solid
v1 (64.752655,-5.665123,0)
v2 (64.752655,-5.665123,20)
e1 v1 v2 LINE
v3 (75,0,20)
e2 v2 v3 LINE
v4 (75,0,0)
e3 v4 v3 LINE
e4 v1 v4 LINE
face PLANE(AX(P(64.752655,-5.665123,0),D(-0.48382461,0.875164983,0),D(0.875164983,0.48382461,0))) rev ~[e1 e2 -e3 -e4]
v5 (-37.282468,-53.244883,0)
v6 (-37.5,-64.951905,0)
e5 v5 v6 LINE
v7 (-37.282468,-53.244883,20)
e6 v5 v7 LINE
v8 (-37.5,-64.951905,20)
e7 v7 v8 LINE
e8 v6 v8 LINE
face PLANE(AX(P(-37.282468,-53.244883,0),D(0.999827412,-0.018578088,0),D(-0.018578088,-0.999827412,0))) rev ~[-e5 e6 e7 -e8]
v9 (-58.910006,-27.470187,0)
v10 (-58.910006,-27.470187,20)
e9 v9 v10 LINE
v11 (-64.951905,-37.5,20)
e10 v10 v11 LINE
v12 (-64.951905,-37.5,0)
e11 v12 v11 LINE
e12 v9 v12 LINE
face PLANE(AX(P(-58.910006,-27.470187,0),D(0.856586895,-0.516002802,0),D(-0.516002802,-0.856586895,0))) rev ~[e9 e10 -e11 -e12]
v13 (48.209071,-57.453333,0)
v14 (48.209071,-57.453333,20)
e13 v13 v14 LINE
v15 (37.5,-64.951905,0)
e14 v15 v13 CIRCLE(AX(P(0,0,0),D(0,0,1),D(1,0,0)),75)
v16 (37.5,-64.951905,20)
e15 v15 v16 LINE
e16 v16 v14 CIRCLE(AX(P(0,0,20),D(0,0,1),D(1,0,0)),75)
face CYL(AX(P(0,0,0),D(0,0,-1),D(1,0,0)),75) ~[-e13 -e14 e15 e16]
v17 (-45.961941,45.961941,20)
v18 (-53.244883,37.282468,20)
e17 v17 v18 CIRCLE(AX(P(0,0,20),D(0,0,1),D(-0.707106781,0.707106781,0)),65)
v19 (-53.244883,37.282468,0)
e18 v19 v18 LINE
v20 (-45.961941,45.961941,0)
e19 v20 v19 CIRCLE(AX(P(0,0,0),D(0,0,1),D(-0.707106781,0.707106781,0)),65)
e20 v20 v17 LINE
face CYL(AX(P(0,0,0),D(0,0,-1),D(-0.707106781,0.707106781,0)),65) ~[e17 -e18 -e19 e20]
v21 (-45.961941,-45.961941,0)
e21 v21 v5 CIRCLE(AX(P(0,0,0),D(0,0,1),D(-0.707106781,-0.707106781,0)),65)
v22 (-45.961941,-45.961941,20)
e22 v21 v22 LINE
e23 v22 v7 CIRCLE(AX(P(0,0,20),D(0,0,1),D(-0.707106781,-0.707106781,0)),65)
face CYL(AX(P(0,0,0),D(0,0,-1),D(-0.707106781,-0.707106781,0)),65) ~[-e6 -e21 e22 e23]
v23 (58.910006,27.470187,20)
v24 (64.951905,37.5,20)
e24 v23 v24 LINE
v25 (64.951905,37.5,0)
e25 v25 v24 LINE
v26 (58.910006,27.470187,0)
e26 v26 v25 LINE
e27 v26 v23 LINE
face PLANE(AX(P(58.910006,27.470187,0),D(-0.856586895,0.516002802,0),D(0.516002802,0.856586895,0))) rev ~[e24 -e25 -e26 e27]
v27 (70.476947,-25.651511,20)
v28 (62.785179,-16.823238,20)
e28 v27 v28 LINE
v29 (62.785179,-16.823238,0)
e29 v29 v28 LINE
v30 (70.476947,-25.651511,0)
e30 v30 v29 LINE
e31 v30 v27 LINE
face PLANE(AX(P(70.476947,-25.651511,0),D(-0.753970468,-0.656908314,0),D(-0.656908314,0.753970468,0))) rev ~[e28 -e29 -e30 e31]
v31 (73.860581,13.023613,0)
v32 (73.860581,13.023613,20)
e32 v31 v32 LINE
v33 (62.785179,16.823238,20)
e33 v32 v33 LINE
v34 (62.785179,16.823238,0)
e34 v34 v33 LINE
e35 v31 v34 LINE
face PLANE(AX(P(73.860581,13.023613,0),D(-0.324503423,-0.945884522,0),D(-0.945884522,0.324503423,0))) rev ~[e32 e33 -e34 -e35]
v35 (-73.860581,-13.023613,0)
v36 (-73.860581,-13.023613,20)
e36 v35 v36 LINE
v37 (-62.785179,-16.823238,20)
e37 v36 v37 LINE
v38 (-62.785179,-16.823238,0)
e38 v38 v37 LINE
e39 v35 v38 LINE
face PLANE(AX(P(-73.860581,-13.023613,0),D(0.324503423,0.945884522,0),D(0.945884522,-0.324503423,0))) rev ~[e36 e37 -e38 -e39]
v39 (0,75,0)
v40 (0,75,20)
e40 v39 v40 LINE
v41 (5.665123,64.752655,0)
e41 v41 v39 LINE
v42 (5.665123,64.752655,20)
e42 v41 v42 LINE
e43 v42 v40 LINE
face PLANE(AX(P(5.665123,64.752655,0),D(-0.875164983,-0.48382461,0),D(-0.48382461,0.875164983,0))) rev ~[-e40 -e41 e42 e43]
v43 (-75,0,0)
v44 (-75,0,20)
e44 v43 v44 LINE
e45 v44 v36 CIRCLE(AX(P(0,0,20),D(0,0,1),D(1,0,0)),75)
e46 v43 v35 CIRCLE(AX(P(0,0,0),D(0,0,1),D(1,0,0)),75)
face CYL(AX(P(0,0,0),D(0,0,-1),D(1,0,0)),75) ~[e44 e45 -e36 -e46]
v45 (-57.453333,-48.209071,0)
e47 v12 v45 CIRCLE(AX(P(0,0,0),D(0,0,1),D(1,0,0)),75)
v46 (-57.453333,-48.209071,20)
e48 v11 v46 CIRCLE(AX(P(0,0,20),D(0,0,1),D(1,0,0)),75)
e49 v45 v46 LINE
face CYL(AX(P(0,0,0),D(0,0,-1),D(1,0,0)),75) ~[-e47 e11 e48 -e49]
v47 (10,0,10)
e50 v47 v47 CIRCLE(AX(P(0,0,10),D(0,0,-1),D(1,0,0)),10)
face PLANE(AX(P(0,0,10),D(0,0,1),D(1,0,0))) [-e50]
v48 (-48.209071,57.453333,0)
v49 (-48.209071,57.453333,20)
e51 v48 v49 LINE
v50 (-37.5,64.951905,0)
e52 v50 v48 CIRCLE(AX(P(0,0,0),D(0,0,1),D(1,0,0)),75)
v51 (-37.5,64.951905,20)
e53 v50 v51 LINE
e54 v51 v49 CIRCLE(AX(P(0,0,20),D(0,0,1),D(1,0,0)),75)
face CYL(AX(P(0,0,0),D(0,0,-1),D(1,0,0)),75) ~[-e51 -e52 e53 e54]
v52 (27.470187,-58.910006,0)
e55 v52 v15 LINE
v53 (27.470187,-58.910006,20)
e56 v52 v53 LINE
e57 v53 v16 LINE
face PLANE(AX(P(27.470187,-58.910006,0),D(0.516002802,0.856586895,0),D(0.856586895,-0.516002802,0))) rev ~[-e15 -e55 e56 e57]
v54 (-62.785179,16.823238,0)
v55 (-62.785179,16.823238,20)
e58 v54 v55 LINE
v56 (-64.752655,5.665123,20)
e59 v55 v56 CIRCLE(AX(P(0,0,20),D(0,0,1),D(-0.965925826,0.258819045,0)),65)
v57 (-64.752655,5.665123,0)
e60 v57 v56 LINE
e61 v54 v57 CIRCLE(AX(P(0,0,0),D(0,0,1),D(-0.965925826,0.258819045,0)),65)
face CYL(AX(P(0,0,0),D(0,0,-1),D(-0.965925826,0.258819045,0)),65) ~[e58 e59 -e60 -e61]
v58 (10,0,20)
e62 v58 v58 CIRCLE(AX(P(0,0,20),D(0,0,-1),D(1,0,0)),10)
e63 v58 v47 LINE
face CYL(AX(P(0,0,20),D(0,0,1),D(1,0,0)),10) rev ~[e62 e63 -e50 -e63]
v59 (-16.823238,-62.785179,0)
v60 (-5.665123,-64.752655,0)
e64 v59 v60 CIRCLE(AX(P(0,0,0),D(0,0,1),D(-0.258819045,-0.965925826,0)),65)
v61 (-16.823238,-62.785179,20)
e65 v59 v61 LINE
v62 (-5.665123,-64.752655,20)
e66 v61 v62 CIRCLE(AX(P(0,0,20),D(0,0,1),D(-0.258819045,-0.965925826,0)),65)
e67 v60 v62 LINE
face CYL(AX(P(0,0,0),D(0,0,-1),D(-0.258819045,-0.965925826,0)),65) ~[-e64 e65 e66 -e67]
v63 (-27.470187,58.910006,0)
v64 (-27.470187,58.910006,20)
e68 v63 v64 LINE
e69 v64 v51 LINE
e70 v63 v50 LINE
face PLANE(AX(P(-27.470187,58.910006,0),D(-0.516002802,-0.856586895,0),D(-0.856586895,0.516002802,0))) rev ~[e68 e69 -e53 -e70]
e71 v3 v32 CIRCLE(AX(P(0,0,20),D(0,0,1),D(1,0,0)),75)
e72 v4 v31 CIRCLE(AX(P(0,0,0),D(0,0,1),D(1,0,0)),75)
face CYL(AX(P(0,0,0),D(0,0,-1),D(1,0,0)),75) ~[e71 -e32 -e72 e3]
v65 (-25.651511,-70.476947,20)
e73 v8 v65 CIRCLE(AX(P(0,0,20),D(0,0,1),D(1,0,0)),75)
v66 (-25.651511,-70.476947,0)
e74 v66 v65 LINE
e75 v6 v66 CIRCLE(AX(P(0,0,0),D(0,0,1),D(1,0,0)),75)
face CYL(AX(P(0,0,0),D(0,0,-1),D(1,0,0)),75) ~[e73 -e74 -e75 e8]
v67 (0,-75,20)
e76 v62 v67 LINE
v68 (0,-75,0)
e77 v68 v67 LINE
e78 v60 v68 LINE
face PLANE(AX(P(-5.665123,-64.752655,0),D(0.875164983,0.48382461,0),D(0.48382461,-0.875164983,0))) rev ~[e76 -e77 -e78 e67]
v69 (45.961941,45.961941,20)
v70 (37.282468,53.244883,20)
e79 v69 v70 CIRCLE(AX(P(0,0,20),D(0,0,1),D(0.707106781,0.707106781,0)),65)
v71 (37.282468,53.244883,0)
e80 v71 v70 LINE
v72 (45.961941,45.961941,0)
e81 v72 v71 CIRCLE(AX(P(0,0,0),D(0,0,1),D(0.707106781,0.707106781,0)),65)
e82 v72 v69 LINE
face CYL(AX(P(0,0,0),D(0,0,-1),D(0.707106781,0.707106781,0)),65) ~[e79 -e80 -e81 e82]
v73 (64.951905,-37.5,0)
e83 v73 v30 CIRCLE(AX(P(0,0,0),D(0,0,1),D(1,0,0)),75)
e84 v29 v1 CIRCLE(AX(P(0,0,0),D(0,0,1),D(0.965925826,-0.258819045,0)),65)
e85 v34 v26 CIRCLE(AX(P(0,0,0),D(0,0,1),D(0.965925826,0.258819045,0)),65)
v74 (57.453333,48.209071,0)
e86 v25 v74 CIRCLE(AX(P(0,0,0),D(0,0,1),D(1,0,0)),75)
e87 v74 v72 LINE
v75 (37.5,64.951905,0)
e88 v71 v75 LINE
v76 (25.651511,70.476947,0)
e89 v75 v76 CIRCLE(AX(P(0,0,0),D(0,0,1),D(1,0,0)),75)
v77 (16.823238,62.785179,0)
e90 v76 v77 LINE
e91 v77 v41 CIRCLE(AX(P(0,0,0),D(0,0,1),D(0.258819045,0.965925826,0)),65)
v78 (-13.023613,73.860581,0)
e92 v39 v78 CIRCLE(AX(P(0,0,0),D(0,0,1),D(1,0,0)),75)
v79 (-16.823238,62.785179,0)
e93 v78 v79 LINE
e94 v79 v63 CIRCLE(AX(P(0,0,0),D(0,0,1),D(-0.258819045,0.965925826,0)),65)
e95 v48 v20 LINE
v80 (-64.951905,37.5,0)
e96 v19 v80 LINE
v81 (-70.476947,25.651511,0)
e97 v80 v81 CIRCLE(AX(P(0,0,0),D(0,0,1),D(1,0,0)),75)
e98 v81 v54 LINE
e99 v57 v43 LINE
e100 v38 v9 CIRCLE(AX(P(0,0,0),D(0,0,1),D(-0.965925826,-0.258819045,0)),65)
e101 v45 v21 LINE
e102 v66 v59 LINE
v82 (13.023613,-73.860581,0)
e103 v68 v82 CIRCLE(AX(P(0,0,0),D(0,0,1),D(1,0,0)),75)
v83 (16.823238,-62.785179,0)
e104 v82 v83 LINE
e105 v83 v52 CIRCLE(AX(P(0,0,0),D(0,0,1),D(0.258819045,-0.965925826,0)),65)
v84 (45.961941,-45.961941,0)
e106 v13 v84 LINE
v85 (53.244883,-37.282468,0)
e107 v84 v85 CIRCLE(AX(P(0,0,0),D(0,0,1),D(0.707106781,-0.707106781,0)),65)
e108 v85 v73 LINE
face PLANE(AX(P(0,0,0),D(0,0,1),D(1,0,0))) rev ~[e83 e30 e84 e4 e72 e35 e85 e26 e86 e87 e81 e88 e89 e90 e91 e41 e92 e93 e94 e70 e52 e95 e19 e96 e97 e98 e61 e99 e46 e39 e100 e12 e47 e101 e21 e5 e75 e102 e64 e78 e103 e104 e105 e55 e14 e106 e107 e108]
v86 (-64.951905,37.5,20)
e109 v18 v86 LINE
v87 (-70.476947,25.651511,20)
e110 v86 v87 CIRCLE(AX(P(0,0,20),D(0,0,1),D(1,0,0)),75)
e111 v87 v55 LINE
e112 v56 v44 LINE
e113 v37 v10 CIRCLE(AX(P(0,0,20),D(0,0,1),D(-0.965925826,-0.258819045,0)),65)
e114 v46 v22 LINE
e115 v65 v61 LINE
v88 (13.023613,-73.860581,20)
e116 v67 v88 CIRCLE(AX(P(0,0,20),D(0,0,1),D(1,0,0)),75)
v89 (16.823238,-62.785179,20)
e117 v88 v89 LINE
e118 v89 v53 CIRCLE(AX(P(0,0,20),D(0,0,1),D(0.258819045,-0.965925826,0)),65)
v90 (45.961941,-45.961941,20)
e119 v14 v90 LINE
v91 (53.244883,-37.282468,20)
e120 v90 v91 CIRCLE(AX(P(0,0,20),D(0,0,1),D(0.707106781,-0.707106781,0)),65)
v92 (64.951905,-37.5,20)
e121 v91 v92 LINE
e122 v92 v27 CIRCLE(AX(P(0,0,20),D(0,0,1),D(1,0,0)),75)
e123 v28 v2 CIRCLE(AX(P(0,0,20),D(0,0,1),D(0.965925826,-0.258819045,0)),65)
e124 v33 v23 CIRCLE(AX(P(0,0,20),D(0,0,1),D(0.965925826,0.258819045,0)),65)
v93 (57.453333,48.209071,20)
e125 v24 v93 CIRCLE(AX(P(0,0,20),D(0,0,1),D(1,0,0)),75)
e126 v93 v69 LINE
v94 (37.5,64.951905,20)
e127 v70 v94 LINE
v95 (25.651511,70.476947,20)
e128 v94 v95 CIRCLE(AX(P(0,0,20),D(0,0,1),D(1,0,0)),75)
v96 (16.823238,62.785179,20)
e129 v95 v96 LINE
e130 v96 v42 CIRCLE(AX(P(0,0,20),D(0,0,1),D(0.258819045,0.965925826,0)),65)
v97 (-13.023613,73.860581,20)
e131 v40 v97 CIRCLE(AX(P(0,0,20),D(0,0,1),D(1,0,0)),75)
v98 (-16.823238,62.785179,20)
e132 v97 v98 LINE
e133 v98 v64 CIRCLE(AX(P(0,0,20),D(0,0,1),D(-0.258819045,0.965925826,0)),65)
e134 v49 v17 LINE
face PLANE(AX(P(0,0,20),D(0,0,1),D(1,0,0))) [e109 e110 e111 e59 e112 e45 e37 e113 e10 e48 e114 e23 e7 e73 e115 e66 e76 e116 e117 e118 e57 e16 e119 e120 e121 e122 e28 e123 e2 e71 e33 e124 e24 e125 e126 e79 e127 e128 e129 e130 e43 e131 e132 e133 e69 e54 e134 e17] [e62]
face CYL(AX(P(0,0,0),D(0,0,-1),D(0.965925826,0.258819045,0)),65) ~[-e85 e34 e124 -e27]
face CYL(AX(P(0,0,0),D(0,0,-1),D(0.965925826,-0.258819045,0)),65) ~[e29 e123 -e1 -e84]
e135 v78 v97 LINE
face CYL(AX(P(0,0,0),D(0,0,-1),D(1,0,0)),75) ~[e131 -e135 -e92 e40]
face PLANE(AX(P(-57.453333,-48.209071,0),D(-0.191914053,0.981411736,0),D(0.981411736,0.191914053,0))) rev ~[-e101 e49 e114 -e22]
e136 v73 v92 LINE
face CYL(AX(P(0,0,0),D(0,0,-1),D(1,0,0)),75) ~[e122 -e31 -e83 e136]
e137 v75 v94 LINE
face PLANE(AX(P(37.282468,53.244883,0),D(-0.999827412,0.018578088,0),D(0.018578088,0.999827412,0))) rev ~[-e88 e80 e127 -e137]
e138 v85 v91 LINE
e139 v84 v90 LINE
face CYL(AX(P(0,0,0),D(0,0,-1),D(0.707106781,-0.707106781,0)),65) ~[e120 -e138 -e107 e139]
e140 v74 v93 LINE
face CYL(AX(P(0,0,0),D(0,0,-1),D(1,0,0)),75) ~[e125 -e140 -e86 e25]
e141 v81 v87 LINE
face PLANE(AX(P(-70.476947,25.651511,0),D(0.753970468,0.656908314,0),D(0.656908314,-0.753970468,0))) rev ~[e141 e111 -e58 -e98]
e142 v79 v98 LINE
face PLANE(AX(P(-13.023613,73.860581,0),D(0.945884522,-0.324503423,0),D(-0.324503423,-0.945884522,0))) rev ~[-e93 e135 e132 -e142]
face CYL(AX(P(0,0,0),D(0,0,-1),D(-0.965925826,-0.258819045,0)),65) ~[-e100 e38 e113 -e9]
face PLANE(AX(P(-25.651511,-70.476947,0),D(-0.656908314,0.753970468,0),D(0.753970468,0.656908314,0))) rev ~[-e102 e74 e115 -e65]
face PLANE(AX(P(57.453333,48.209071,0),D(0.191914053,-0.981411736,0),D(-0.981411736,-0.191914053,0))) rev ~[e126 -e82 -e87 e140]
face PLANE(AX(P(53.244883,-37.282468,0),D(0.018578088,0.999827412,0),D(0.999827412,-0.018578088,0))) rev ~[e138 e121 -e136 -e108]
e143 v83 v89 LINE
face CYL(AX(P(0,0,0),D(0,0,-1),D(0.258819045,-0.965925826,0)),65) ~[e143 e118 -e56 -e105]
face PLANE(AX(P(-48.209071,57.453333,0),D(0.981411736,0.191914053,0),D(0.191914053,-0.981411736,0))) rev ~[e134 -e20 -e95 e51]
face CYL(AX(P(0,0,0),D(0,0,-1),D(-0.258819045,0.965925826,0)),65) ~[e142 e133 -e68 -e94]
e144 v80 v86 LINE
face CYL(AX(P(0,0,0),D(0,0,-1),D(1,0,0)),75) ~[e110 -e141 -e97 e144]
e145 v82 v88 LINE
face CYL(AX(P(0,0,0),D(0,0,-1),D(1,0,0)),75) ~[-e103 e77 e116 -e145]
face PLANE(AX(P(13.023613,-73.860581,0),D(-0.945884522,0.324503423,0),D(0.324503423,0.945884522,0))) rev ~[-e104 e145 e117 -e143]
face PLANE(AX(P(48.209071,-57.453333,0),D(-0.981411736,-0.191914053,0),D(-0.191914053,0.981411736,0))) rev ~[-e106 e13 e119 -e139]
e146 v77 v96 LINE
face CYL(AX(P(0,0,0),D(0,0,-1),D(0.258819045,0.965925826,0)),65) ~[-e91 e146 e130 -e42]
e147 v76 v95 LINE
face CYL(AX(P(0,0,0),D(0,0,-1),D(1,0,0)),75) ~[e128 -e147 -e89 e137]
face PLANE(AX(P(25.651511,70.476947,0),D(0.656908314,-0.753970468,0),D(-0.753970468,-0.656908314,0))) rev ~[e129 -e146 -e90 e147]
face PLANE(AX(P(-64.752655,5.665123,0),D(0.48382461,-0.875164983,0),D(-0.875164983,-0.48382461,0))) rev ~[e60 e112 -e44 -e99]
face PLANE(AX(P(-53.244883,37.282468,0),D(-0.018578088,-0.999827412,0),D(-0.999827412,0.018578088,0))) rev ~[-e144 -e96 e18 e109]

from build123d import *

# Parameters (mm, degrees)
CROQUIS1_R              = 75
SALIENTE_EXTRUIR1_DEPTH = 20
CROQUIS3_R              = 10
CORTAR_EXTRUIR2_DEPTH   = 10
CORTAR_EXTRUIR3_START   = -20
CORTAR_EXTRUIR3_DEPTH   = 20
MATRIZC3_COUNT          = 12


with BuildPart() as part:
    # Croquis1 → Saliente-Extruir1 (new body)
    with BuildSketch(Plane.XY):
        Circle(CROQUIS1_R)
    extrude(amount=SALIENTE_EXTRUIR1_DEPTH)

    # Croquis3 → Cortar-Extruir2 (cut)
    with BuildSketch(Plane.XY.offset(20)):
        Circle(CROQUIS3_R)
    cortar_extruir2 = extrude(amount=-CORTAR_EXTRUIR2_DEPTH, mode=Mode.SUBTRACT)

    # Croquis2 → Cortar-Extruir3 (cut)
    with BuildSketch(Plane.XY.offset(20).offset(CORTAR_EXTRUIR3_START)):
        with BuildLine():
            Line((64.752655376, -5.665123279), (75, 0))
            ThreePointArc((75, 0), (73.860581476, -13.023613325), (70.476946559, -25.651510749))
            Line((70.476946559, -25.651510749), (62.785178709, -16.823237932))
            ThreePointArc((62.785178709, -16.823237932), (64.012503946, -11.287131548), (64.752655376, -5.665123279))
        make_face()
    cortar_extruir3 = extrude(amount=CORTAR_EXTRUIR3_DEPTH, mode=Mode.SUBTRACT)

    # MatrizC3: Cortar-Extruir2, Cortar-Extruir3 ×12 about axis
    matrizc3_axis = Axis((0, 0, 0), (0, 0, 1))
    add([cortar_extruir2.rotate(matrizc3_axis, i * 360 / MATRIZC3_COUNT) for i in range(1, MATRIZC3_COUNT)], mode=Mode.SUBTRACT)
    add([cortar_extruir3.rotate(matrizc3_axis, i * 360 / MATRIZC3_COUNT) for i in range(1, MATRIZC3_COUNT)], mode=Mode.SUBTRACT)


solid = part.part
